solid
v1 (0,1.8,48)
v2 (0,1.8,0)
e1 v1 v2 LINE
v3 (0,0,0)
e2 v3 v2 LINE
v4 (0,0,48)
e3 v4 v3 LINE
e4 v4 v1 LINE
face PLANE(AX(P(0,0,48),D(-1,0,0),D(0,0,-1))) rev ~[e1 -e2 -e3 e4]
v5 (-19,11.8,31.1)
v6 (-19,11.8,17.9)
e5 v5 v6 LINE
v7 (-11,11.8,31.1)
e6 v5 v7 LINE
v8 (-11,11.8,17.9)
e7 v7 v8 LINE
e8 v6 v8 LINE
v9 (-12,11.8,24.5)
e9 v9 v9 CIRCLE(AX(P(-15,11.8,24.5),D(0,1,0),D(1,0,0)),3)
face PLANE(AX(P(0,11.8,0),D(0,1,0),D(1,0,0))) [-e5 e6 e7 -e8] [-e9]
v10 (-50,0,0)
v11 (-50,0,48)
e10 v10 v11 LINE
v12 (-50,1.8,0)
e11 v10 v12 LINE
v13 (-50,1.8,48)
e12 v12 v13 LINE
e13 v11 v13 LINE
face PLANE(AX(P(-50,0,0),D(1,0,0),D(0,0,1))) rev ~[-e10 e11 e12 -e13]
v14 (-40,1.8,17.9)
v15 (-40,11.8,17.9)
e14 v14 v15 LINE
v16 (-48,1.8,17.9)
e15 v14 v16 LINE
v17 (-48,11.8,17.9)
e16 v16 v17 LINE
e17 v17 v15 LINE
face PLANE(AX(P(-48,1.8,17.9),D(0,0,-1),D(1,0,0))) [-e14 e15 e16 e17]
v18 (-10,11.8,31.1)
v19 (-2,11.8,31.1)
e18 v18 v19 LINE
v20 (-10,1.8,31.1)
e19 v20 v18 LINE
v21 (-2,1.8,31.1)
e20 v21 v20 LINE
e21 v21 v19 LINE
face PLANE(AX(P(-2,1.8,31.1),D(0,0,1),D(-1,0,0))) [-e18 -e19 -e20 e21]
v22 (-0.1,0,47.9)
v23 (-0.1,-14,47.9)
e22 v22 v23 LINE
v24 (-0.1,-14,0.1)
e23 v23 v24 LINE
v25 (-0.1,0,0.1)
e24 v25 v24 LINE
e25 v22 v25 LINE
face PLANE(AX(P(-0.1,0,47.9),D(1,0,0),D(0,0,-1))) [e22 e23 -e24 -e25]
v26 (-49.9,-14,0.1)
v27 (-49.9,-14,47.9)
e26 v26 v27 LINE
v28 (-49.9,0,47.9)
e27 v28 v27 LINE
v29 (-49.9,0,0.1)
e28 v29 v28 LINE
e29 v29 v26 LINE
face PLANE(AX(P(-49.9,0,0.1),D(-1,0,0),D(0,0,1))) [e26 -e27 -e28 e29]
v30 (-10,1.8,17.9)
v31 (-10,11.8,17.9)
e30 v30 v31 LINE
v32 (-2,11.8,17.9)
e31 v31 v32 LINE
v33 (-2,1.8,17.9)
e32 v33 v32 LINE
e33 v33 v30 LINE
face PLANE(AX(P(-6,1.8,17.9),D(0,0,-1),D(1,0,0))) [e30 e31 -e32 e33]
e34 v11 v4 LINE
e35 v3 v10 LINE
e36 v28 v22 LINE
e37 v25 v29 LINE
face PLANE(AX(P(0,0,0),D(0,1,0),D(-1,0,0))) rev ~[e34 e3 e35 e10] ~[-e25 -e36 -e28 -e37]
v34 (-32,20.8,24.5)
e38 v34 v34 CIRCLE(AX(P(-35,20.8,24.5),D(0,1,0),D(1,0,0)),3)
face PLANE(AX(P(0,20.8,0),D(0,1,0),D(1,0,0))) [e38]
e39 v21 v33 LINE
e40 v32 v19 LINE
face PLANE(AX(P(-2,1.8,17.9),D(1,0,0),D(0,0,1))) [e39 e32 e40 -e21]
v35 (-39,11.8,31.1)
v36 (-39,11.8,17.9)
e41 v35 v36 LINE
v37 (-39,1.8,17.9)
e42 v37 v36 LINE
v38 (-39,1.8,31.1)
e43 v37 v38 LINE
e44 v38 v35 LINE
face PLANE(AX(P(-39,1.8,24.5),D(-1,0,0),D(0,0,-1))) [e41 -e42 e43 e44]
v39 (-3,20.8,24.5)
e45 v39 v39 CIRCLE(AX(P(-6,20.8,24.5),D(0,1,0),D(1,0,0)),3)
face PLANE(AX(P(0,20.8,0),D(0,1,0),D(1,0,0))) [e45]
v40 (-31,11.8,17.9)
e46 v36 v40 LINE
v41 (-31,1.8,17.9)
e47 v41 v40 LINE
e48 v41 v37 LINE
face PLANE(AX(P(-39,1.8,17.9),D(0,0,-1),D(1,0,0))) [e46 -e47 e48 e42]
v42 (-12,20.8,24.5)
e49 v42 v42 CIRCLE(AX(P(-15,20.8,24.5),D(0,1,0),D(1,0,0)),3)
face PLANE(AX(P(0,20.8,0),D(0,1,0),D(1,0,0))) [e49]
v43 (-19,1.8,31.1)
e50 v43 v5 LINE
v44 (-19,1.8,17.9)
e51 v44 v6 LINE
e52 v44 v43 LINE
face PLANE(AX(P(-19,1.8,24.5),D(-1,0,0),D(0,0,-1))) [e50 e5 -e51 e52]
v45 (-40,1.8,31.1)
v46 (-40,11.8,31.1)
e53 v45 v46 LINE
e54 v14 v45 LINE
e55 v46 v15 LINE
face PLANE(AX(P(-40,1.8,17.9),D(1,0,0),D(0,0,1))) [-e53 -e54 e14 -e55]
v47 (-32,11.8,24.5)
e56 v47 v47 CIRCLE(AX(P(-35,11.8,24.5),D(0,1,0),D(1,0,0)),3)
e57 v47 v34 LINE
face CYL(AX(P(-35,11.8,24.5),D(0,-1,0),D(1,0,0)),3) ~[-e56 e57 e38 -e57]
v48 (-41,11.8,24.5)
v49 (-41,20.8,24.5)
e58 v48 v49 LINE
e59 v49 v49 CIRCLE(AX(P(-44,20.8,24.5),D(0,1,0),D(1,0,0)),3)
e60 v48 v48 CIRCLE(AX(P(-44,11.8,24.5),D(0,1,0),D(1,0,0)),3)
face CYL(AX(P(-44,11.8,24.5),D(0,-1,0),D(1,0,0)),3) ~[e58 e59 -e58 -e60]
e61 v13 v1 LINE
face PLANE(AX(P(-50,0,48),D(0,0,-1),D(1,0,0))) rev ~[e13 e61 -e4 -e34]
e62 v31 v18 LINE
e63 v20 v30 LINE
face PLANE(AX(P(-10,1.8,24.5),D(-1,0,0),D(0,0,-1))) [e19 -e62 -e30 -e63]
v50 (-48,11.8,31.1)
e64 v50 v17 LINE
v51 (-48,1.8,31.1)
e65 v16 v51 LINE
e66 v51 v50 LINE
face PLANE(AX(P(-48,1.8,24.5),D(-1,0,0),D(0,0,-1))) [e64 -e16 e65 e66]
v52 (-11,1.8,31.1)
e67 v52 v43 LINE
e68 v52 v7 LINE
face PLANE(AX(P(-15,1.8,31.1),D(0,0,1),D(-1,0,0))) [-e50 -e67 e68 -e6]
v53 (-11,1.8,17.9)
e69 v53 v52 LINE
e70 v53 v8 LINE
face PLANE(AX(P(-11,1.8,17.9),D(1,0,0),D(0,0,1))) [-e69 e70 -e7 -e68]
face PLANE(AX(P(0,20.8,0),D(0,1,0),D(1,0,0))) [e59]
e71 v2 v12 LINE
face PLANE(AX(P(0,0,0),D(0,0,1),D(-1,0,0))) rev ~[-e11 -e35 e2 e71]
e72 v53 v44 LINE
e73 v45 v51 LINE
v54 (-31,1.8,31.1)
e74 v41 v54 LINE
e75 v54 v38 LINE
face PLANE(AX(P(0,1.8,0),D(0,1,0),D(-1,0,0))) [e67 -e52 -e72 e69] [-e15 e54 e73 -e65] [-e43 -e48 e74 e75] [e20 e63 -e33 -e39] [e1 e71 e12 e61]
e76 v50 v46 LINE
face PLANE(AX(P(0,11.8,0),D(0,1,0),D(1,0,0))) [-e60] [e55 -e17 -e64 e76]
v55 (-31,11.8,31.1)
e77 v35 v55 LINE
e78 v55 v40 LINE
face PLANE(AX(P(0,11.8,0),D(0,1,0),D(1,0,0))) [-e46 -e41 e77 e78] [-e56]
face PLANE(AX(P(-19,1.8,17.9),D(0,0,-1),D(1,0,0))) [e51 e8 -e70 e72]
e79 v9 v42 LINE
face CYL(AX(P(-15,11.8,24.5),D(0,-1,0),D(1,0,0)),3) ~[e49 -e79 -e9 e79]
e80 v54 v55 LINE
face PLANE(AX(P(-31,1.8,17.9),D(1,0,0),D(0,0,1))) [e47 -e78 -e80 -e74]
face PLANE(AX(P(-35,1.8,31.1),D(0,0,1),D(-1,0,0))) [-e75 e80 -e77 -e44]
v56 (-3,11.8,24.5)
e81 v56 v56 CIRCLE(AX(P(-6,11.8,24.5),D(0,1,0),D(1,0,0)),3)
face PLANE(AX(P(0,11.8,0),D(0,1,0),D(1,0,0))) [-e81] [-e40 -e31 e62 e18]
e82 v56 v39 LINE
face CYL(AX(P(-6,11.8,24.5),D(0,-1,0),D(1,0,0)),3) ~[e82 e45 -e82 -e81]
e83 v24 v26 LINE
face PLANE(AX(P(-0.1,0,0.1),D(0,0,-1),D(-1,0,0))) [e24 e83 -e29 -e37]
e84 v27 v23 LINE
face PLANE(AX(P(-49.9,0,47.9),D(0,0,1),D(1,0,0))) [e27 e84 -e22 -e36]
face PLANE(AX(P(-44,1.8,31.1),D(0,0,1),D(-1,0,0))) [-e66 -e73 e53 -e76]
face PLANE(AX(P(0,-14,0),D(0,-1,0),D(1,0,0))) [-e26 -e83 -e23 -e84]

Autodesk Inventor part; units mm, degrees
ref_plane "YZ Plane" through (0, 0, 0) normal (1, 0, 0) x (0, 1, 0)
ref_plane "XZ Plane" through (0, 0, 0) normal (0, 1, 0) x (-1, 0, 0)
ref_plane "XY Plane" through (0, 0, 0) normal (0, 0, 1) x (1, 0, 0)
sketch "Sketch1" plane through (0, 0, 0) normal (0, 1, 0) x (-1, 0, 0)
  line L0 (0, 0) -> (50, 0)
  line L1 (50, 0) -> (50, 48)
  line L2 (50, 48) -> (0, 48)
  line L3 (0, 48) -> (0, 0)
  dimension "d0" = 50
  dimension "d1" = 48
extrude "Extrusion1" add sketch "Sketch1" along normal blind 1.8
sketch "Sketch4" plane through (0, 1.8, 0) normal (0, 1, 0) x (1, 0, 0)
  line L0 (0, 0) -> (-50, 0) projected
  line L1 (-50, 0) -> (-50, -48) projected
  line L2 (-48, -17.9) -> (-40, -17.9)
  line L3 (-40, -17.9) -> (-40, -31.1)
  line L4 (-40, -31.1) -> (-48, -31.1)
  line L5 (-48, -31.1) -> (-48, -17.9)
  line L6 (-44, -24.5) -> (-44, -17.9)
  line L7 (-44, -24.5) -> (-40, -24.5)
  line L8 (-44, -24.5) -> (-44, -31.1)
  line L9 (-44, -24.5) -> (-48, -24.5)
  line L10 (-39, -17.9) -> (-31, -17.9)
  line L11 (-31, -17.9) -> (-31, -31.1)
  line L12 (-31, -31.1) -> (-39, -31.1)
  line L13 (-39, -31.1) -> (-39, -17.9)
  line L14 (-35, -24.5) -> (-35, -17.9)
  line L15 (-35, -24.5) -> (-31, -24.5)
  line L16 (-35, -24.5) -> (-35, -31.1)
  line L17 (-35, -24.5) -> (-39, -24.5)
  line L18 (-19, -17.9) -> (-11, -17.9)
  line L19 (-11, -17.9) -> (-11, -31.1)
  line L20 (-11, -31.1) -> (-19, -31.1)
  line L21 (-19, -31.1) -> (-19, -17.9)
  line L22 (-15, -24.5) -> (-15, -17.9)
  line L23 (-15, -24.5) -> (-11, -24.5)
  line L24 (-15, -24.5) -> (-15, -31.1)
  line L25 (-15, -24.5) -> (-19, -24.5)
  line L26 (-2, -17.9) -> (-2, -31.1)
  line L27 (-6, -24.5) -> (-6, -17.9)
  line L28 (-6, -24.5) -> (-2, -24.5)
  line L29 (-6, -24.5) -> (-6, -31.1)
  line L30 (-2, -31.1) -> (-10, -31.1)
  line L31 (-10, -17.9) -> (-2, -17.9)
  line L32 (-6, -24.5) -> (-10, -24.5)
  line L33 (-10, -31.1) -> (-10, -17.9)
  dimension "d4" = 8
  dimension "d6" = 13.2
  dimension "d7" = 24.5
  dimension "d8" = 6
  dimension "d9" = 8
  dimension "d10" = 13.2
  dimension "d12" = 9
  dimension "d13" = 8
  dimension "d14" = 13.2
  dimension "d15" = 8
  dimension "d16" = 13.2
  dimension "d17" = 20
  dimension "d18" = 9
extrude "Extrusion2" add sketch "Sketch4" along normal blind 10
sketch "Sketch5" plane through (0, 11.8, 0) normal (0, 1, 0) x (1, 0, 0)
  line L0 (-31, -31.1) -> (-31, -17.9) projected
  line L1 (-31, -17.9) -> (-39, -17.9) projected
  line L2 (-39, -17.9) -> (-39, -31.1) projected
  line L3 (-39, -31.1) -> (-31, -31.1) projected
  line L4 (-11, -31.1) -> (-11, -17.9) projected
  line L5 (-11, -17.9) -> (-19, -17.9) projected
  line L6 (-19, -17.9) -> (-19, -31.1) projected
  line L7 (-19, -31.1) -> (-11, -31.1) projected
  line L8 (-2, -17.9) -> (-10, -17.9) projected
  line L9 (-10, -17.9) -> (-10, -31.1) projected
  line L10 (-10, -31.1) -> (-2, -31.1) projected
  line L11 (-2, -31.1) -> (-2, -17.9) projected
  circle A0 centre (-44, -24.5) radius 3
  circle A1 centre (-35, -24.5) radius 3
  circle A2 centre (-15, -24.5) radius 3
  circle A3 centre (-6, -24.5) radius 3
  point P0 (0, 0)
  dimension "d21" = 6
  dimension "d23" = 6
  dimension "d24" = 6
  dimension "d25" = 6
extrude "Extrusion3" add sketch "Sketch5" along normal blind 9 contours A0 | A1 | A2 | A3
sketch "Sketch6" plane through (0, 0, 0) normal (0, -1, 0) x (1, 0, 0)
  line L0 (0, 0) -> (-50, 0) projected
  line L1 (0, 48) -> (0, 0) projected
  line L2 (-50, 48) -> (0, 48) projected
  line L3 (-50, 0) -> (-50, 48) projected
  line L4 (-0.1, 47.9) -> (-0.1, 0.1)
  line L5 (-0.1, 0.1) -> (-49.9, 0.1)
  line L6 (-49.9, 0.1) -> (-49.9, 47.9)
  line L7 (-49.9, 47.9) -> (-0.1, 47.9)
  dimension "d28" = 0.1
extrude "Extrusion4" add sketch "Sketch6" along normal blind 14 contours L4 L5 L6 L7
properties part number "ccpdu"
